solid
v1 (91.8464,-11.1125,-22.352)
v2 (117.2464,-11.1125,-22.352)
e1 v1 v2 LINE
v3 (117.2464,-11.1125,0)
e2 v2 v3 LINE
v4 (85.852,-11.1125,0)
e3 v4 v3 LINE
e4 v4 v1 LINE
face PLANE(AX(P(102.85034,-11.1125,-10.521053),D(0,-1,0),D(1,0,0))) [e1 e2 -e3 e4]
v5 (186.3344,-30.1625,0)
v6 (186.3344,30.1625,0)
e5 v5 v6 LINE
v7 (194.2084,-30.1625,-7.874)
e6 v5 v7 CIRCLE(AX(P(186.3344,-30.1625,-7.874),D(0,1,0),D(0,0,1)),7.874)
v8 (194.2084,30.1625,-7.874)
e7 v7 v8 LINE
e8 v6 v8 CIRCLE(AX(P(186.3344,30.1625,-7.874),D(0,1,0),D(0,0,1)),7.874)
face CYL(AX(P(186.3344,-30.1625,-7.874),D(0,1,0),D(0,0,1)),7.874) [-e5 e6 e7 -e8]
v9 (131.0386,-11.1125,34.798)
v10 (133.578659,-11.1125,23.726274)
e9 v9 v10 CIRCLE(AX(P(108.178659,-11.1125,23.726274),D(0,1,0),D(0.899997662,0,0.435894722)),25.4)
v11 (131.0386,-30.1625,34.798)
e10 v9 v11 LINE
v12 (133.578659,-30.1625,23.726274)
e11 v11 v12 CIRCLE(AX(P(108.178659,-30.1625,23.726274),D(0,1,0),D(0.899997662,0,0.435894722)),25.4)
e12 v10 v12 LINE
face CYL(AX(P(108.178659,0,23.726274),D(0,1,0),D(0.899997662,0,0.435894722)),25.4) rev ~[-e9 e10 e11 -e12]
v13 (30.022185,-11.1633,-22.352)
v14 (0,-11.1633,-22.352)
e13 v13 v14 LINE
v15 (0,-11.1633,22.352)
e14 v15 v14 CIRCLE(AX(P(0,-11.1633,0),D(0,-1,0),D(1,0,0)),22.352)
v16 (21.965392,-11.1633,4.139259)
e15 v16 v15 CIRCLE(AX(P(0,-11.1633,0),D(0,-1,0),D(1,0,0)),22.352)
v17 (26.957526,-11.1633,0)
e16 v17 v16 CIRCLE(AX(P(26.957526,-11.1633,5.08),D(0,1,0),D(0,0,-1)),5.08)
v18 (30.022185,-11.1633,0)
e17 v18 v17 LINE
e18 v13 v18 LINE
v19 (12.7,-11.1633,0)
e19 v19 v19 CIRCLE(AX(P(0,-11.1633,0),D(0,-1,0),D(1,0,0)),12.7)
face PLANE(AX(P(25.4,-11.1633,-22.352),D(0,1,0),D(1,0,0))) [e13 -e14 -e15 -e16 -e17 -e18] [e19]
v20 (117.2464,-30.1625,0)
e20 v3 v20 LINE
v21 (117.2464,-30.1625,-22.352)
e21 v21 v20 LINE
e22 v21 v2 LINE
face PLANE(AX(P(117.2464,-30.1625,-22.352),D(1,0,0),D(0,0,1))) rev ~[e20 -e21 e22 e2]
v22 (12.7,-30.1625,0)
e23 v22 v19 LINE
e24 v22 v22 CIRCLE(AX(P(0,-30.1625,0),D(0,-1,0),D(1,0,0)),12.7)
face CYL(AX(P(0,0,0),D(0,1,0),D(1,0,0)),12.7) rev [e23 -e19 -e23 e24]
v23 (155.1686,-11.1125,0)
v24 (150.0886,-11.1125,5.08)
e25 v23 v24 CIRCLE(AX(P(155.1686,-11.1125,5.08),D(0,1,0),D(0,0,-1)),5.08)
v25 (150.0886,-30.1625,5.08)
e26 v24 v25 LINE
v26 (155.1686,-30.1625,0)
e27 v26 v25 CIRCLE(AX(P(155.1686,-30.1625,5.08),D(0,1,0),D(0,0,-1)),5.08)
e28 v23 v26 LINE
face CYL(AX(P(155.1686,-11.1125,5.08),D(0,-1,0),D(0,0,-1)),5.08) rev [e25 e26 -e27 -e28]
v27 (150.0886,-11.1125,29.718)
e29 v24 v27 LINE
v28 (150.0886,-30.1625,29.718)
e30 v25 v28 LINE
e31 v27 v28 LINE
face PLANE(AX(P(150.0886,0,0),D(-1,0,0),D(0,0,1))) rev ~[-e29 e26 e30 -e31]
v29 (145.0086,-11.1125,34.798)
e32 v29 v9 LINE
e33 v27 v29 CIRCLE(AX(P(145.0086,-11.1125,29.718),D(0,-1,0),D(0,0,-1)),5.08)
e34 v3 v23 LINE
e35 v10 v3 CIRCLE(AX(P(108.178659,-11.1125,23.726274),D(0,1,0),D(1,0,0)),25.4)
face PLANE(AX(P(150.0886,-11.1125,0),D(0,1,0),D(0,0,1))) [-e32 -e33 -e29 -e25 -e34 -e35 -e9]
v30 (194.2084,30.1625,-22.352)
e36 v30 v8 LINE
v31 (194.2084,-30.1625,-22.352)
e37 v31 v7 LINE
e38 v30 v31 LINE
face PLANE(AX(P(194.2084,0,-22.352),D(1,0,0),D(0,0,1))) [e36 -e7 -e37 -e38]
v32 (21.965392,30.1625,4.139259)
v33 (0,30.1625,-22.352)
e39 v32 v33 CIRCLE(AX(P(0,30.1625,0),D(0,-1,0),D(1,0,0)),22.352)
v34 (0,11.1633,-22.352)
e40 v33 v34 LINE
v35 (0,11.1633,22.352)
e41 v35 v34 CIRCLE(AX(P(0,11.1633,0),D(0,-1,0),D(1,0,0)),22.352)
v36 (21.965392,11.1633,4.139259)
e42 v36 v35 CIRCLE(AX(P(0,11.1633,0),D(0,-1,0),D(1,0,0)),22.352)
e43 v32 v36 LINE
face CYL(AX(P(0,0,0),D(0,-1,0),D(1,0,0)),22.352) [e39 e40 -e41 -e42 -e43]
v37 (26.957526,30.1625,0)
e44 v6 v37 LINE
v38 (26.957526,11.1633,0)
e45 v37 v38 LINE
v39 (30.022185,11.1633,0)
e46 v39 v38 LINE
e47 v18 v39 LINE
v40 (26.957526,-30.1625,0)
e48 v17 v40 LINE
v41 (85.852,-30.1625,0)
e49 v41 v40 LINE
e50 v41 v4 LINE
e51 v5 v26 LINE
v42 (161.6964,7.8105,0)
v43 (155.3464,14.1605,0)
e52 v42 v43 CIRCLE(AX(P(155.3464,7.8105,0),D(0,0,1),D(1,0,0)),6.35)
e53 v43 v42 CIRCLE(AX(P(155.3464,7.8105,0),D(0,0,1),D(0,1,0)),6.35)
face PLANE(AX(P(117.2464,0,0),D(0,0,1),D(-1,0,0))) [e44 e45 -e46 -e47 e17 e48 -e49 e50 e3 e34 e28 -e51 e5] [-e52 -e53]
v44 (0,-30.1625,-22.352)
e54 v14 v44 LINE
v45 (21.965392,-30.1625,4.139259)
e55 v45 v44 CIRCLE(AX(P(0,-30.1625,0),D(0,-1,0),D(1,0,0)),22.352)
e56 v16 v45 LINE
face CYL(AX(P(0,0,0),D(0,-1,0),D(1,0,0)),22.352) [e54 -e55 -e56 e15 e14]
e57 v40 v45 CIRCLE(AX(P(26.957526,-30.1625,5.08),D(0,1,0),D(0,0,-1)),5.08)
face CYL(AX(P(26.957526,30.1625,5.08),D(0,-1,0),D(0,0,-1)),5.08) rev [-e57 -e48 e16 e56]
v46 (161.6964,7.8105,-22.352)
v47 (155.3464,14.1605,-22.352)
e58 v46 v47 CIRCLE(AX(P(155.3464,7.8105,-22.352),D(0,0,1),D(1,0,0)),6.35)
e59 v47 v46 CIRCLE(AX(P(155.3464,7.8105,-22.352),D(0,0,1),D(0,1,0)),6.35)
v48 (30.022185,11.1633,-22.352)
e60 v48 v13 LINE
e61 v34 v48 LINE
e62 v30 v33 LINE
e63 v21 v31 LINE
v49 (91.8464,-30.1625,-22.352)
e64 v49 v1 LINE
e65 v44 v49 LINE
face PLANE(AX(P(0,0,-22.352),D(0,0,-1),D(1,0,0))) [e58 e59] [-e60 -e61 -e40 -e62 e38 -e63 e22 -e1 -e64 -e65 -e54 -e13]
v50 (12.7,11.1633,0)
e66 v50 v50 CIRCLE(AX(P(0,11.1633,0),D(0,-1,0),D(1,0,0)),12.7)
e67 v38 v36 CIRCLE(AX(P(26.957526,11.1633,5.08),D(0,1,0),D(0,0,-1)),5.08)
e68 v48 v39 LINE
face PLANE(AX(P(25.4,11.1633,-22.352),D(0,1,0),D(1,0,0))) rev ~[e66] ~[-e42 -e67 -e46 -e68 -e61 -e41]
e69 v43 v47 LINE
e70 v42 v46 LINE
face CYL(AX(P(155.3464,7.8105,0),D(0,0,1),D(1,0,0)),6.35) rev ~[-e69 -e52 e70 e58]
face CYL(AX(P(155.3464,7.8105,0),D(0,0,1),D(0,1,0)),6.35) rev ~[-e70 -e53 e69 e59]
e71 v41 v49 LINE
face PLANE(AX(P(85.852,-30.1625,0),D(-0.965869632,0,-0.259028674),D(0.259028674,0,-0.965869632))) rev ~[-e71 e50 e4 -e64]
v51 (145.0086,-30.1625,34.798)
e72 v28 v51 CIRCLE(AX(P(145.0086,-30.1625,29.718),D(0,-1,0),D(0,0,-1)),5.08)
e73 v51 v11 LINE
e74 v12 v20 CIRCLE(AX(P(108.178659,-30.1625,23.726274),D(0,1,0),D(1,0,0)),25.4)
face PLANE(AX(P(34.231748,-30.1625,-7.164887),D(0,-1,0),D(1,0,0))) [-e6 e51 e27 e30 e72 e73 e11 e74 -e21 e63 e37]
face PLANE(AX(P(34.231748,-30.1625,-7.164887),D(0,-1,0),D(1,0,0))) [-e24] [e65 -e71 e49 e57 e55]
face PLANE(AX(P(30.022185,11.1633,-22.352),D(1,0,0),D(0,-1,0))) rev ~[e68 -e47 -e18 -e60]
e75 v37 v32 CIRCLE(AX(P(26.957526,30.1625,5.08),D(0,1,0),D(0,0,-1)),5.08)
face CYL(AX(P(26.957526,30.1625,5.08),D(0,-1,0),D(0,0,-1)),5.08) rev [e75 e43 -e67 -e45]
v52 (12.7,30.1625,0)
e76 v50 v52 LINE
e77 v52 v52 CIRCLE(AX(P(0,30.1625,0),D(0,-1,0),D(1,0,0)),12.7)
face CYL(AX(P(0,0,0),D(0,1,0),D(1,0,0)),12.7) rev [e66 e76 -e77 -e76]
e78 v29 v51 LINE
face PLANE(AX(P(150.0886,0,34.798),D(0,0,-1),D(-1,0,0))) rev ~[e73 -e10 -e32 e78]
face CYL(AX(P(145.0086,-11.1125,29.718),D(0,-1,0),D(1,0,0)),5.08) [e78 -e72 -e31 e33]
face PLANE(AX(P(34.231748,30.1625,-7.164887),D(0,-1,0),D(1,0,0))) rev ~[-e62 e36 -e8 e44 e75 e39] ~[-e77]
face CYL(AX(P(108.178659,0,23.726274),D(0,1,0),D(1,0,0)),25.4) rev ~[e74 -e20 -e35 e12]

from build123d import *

# Parameters (mm, degrees)
F0_R      = 12.7
F1_DEPTH  = 30.1625
F2_DEPTH  = 30.1625
F3_DEPTH  = 30.1625
F5_DEPTH  = 19.05
F6_W      = 11.1125
F6_H      = 34.798
F7_DEPTH  = 50.8
F9_DEPTH  = 50.8
F10_R     = 7.874
F11_R     = 5.08
F12_R     = 5.08
F13_R     = 5.08
F14_W     = 51.4268837869
F14_H     = 22.3266
F15_DEPTH = 50.8
F16_W     = 22.3266
F16_H     = 9.652
F16_H_2   = 12.7
F17_DEPTH = 25.4
F18_DEPTH = 50.8
F19_W     = 12.7
F19_H     = 22.3266
F20_DEPTH = 25.4
F21_W     = 4.6221852958
F21_H     = 22.3266
F22_DEPTH = 25.4


with BuildPart() as f1:
    # F0 (on Front) → F1 (new body)
    with BuildSketch(Plane.XZ):
        with BuildLine():
            Line((85.852, 0), (22.352, 0))
            ThreePointArc((22.352, 0), (-15.8052507731, 15.8052507731), (0, -22.352))
            Line((0, -22.352), (91.8464, -22.352))
            Line((91.8464, -22.352), (85.852, 0))
        make_face()
        Circle(F0_R, mode=Mode.SUBTRACT)
        with BuildLine():
            Line((99.1109187887, 0), (85.852, 0))
            Line((85.852, 0), (91.8464, -22.352))
            Line((91.8464, -22.352), (117.2464, -22.352))
            Line((117.2464, -22.352), (117.2464, 0))
            ThreePointArc((117.2464, 0), (108.1786593943, -1.6737259497), (99.1109187887, 0))
        make_face()
        with BuildLine():
            Line((117.2464, 0), (99.1109187887, 0))
            ThreePointArc((99.1109187887, 0), (108.1786593943, -1.6737259497), (117.2464, 0))
        make_face()
        Polygon((117.2464, 0), (117.2464, -22.352), (194.2084, -22.352), (194.2084, 0), (150.0886, 0), align=None)
        with BuildLine():
            ThreePointArc((133.5786593943, 23.7262740503), (129.1009036739, 9.3242014804), (117.2464, 0))
            Line((117.2464, 0), (150.0886, 0))
            Line((150.0886, 0), (150.0886, 34.798))
            Line((150.0886, 34.798), (131.0386, 34.798))
            ThreePointArc((131.0386, 34.798), (132.9355017958, 29.4059531176), (133.5786593943, 23.7262740503))
        make_face()
    extrude(amount=F1_DEPTH)

    # F0 (on Front) → F2 (join)
    with BuildSketch(Plane.XZ):
        Polygon((117.2464, 0), (117.2464, -22.352), (194.2084, -22.352), (194.2084, 0), (150.0886, 0), align=None)
    extrude(amount=-F2_DEPTH)

    # F3 (add): a face of the model
    f3_faces = [f1.faces().sort_by_distance(p)[0] for p in [
        (45.5494625665, 0, -7.7681891644),
    ]]
    extrude(f3_faces, amount=F3_DEPTH)

    # F4 (on face) → F5 (cut)
    with BuildSketch(Plane.XZ.offset(30.1625)):
        Polygon((85.852, 0), (91.8464, -22.352), (117.2464, -22.352), (117.2464, 0), align=None)
    extrude(amount=-F5_DEPTH, mode=Mode.SUBTRACT)

    # F6 (on face) → F7 (cut)
    with BuildSketch(Plane.YZ.offset(150.0886)):
        with Locations((-5.55625, 17.399)):
            Rectangle(F6_W, F6_H)
    extrude(amount=-F7_DEPTH, mode=Mode.SUBTRACT)

    # F8 (on face) → F9 (cut)
    with BuildSketch(Plane.XY):
        with BuildLine():
            ThreePointArc((161.6964, 7.8105), (159.8365280605, 12.3006280605), (155.3464, 14.1605))
            ThreePointArc((155.3464, 14.1605), (150.8562719395, 3.3203719395), (161.6964, 7.8105))
        make_face()
    extrude(amount=-F9_DEPTH, mode=Mode.SUBTRACT)

    # F10
    f10_edges = [f1.edges().sort_by_distance(p)[0] for p in [
        (194.2084, 0, 0),
    ]]
    fillet(f10_edges, radius=F10_R)

    # F11
    f11_edges = [f1.edges().sort_by_distance(p)[0] for p in [
        (150.0886, -20.6375, 34.798),
    ]]
    fillet(f11_edges, radius=F11_R)

    # F12
    f12_edges = [f1.edges().sort_by_distance(p)[0] for p in [
        (22.352, 0, 0),
    ]]
    fillet(f12_edges, radius=F12_R)

    # F13
    f13_edges = [f1.edges().sort_by_distance(p)[0] for p in [
        (150.0886, -20.6375, 0),
    ]]
    fillet(f13_edges, radius=F13_R)

    # F14 (on face) → F15 (cut)
    with BuildSketch(Plane(origin=(0, 0, -22.352), x_dir=(1, 0, 0), z_dir=(0, 0, -1))):
        with Locations((-25.7134418935, 0)):
            Rectangle(F14_W, F14_H)
    extrude(amount=-F15_DEPTH, mode=Mode.SUBTRACT)

    # F16 (on face) → F17 (cut)
    with BuildSketch(Plane(origin=(0, 0, 0), x_dir=(0, -1, 0), z_dir=(-1, 0, 0))):
        with Locations((0, 17.526)):
            Rectangle(F16_W, F16_H)
        with Locations((0, 6.35)):
            Rectangle(F16_W, F16_H_2)
    extrude(amount=-F17_DEPTH, mode=Mode.SUBTRACT)

    # F18 (cut): a face of the model
    f18_faces = [f1.faces().sort_by_distance(p)[0] for p in [
        (19.05, 0, 0),
    ]]
    extrude(f18_faces, amount=-F18_DEPTH, mode=Mode.SUBTRACT)

    # F19 (on face) → F20 (cut)
    with BuildSketch(Plane(origin=(0, 0, -22.352), x_dir=(1, 0, 0), z_dir=(0, 0, -1))):
        with Locations((6.35, 0)):
            Rectangle(F19_W, F19_H)
    extrude(amount=-F20_DEPTH, mode=Mode.SUBTRACT)

    # F21 (on face) → F22 (cut)
    with BuildSketch(Plane(origin=(0, 0, -22.352), x_dir=(1, 0, 0), z_dir=(0, 0, -1))):
        with Locations((27.7110926479, 0)):
            Rectangle(F21_W, F21_H)
    extrude(amount=-F22_DEPTH, mode=Mode.SUBTRACT)


solid = f1.part
